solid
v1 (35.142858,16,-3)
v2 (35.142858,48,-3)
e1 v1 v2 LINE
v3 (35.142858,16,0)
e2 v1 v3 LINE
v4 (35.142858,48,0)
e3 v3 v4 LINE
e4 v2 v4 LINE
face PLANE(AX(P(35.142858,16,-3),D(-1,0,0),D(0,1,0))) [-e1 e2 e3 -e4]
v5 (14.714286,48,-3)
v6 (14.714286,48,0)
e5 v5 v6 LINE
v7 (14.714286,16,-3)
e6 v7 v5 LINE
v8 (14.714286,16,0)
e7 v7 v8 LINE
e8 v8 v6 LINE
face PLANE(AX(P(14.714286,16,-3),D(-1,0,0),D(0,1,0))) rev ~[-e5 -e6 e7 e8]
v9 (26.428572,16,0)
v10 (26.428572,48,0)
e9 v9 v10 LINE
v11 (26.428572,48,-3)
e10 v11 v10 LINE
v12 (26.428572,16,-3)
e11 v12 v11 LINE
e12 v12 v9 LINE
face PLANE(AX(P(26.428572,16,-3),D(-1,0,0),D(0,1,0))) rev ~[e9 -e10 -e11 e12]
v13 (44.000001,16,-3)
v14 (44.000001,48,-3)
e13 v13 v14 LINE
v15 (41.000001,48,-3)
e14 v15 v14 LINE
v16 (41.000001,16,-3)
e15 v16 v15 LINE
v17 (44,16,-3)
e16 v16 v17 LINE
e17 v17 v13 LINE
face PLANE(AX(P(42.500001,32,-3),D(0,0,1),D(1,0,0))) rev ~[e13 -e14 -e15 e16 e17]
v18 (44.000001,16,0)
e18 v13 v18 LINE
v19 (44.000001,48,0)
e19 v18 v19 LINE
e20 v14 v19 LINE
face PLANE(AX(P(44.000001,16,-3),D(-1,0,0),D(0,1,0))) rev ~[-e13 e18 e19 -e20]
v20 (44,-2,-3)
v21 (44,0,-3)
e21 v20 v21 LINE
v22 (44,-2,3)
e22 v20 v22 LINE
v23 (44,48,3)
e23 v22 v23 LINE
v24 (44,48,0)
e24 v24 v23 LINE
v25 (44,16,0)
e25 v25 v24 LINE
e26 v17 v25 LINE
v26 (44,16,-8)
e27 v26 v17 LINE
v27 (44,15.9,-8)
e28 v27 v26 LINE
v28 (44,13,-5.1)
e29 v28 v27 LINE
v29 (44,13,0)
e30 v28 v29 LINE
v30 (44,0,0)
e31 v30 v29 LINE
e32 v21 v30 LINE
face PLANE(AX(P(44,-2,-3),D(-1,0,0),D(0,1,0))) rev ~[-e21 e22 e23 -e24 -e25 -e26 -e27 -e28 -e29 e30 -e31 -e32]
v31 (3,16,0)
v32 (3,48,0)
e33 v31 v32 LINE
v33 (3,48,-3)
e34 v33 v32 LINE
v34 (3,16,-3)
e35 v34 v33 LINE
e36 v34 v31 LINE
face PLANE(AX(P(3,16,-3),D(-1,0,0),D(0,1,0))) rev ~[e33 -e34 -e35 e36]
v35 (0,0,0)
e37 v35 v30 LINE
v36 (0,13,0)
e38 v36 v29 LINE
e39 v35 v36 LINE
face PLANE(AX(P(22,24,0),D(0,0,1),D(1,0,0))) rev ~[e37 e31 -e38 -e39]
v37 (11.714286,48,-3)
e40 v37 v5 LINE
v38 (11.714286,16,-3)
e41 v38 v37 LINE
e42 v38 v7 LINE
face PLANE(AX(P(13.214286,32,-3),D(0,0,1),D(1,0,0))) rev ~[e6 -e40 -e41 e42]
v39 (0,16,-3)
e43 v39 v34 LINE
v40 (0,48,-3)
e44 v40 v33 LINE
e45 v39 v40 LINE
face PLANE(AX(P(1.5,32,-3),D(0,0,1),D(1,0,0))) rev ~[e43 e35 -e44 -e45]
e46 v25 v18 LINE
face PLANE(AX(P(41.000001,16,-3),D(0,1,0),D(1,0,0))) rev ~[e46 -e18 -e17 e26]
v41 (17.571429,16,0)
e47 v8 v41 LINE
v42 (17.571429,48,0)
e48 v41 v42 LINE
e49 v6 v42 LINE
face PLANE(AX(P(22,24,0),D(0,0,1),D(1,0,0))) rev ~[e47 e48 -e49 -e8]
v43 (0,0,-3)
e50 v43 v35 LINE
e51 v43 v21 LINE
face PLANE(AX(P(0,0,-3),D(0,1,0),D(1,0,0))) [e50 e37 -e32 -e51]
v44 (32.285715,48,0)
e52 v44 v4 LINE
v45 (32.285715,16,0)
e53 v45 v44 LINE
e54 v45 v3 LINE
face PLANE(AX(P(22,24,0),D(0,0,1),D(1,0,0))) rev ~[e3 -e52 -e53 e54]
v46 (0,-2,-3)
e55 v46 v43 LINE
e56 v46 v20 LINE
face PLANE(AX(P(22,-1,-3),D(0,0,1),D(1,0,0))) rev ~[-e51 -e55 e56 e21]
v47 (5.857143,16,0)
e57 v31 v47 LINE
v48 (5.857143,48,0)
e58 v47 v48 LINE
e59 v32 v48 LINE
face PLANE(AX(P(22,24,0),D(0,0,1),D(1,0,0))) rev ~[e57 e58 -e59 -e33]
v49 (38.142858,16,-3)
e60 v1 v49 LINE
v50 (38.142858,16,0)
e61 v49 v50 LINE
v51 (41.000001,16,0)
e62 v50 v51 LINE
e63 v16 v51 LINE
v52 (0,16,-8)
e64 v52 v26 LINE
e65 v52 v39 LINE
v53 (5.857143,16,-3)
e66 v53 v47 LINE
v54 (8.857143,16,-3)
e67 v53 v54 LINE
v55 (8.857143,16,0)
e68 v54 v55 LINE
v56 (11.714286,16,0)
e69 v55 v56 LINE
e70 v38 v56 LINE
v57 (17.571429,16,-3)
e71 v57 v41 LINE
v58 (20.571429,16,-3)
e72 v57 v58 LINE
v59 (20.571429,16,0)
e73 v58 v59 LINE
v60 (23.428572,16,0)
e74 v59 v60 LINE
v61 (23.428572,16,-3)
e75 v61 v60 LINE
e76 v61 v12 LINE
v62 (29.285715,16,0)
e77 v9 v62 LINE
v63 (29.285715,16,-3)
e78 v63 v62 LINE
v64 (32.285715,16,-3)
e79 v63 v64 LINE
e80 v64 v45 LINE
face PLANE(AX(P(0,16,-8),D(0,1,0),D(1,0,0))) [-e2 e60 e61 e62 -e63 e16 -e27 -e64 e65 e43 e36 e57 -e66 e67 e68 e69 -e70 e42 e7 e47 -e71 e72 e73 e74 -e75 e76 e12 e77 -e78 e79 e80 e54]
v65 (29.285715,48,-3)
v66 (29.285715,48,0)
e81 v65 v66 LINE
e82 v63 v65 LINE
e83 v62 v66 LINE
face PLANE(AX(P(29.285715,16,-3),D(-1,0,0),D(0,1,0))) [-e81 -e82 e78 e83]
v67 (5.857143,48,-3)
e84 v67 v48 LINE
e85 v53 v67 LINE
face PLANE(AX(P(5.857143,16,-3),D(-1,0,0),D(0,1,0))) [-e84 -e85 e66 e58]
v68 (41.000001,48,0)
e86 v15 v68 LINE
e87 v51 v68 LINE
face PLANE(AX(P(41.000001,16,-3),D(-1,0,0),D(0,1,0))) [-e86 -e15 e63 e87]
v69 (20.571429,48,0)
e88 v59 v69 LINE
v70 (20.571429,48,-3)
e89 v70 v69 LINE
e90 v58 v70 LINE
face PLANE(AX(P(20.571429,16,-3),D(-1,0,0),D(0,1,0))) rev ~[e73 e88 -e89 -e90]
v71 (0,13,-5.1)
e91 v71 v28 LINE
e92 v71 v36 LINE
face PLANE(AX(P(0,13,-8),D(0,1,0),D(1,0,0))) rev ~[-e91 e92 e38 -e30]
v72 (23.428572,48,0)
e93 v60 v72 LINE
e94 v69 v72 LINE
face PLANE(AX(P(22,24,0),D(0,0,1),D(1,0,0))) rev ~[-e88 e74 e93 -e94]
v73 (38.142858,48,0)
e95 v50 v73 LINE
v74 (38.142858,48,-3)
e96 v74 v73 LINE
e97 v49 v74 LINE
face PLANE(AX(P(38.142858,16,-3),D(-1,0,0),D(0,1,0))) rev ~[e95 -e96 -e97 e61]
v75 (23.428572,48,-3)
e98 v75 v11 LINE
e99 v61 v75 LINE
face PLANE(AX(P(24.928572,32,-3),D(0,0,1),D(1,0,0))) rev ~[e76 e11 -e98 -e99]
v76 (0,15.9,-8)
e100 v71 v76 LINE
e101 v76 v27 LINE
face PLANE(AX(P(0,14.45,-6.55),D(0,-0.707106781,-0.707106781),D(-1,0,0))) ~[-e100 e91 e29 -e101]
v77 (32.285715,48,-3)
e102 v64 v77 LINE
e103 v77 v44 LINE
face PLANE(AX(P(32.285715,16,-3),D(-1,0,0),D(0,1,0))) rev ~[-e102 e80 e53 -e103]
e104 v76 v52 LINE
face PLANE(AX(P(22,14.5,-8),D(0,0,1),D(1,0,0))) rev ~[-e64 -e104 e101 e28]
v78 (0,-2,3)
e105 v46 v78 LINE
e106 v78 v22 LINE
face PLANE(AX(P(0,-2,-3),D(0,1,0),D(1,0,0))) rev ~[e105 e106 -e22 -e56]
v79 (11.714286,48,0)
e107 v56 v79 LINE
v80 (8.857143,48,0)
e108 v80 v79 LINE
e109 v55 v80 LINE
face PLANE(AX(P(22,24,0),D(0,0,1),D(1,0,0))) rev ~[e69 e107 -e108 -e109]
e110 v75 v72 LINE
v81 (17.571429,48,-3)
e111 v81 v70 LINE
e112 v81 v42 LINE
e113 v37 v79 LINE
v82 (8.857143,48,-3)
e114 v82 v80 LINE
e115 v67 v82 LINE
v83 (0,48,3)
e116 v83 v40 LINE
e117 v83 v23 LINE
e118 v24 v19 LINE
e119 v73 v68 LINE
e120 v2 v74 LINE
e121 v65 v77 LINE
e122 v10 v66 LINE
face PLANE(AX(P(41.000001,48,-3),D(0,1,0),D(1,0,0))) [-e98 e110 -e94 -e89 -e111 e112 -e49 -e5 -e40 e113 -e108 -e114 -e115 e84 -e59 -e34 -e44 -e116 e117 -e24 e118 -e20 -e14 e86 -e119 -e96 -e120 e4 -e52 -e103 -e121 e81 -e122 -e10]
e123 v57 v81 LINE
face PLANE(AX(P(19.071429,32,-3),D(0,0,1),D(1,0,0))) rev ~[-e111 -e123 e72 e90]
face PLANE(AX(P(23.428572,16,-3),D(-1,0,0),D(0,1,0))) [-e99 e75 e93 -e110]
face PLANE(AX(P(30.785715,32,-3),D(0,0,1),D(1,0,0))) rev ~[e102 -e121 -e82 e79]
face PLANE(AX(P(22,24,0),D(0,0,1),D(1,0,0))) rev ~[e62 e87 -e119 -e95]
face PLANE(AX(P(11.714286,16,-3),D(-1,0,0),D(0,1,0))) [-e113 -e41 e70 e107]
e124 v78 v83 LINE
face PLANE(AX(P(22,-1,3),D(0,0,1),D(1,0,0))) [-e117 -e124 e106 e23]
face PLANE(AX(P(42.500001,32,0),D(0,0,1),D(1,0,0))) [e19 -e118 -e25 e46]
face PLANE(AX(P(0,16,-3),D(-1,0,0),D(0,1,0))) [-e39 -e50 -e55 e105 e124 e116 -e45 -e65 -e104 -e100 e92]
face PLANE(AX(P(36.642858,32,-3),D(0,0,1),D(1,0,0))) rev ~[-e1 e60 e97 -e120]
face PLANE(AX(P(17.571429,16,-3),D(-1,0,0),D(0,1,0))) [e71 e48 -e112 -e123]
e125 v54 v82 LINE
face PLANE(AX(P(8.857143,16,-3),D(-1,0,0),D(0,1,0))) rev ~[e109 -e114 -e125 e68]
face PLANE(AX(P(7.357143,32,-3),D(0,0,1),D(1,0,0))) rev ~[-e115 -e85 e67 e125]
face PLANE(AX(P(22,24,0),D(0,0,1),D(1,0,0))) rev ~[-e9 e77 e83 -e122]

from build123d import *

# Parameters (mm, degrees)
BOX_W                  = 44
BOX_H                  = 48
BOX_DEPTH              = 3
BOX001_W               = 44
BOX001_H               = 2
BOX001_DEPTH           = 6
BOX002_W               = 44
BOX002_H               = 3
BOX002_DEPTH           = 8
CHAMFER_SIZE           = 2.9
BOX003_W               = 3
BOX003_H               = 32
BOX003_DEPTH           = 3
LINEARPATTERN001_COUNT = 8
LINEARPATTERN001_PITCH = 5.857143


with BuildPart() as part:
    # Box → Box (join)
    with BuildSketch(Plane.XY):
        with Locations((22, 24)):
            Rectangle(BOX_W, BOX_H)
    extrude(amount=BOX_DEPTH)

    # Box001 → Box001 (join)
    with BuildSketch(Plane(origin=(0, -2, -3), x_dir=(1, 0, 0), z_dir=(0, 0, 1))):
        with Locations((22, 1)):
            Rectangle(BOX001_W, BOX001_H)
    extrude(amount=BOX001_DEPTH)

    # Box002 → Box002 (join)
    with BuildSketch(Plane(origin=(0, 13, -8), x_dir=(1, 0, 0), z_dir=(0, 0, 1))):
        with Locations((22, 1.5)):
            Rectangle(BOX002_W, BOX002_H)
    extrude(amount=BOX002_DEPTH)

    # Chamfer
    chamfer_edges = [part.edges().sort_by_distance(p)[0] for p in [
        (22, 13, -8),
    ]]
    chamfer(chamfer_edges, length=CHAMFER_SIZE)

    # Box003 → Box003 (join)
    with BuildSketch(Plane(origin=(0, 16, -3), x_dir=(1, 0, 0), z_dir=(0, 0, 1))):
        with Locations((1.5, 16)):
            Rectangle(BOX003_W, BOX003_H)
    box003 = extrude(amount=BOX003_DEPTH)

    # LinearPattern001: Box003 ×8
    with Locations(*[(i * LINEARPATTERN001_PITCH, 0, 0) for i in range(1, LINEARPATTERN001_COUNT)]):
        add(box003)


solid = part.part
